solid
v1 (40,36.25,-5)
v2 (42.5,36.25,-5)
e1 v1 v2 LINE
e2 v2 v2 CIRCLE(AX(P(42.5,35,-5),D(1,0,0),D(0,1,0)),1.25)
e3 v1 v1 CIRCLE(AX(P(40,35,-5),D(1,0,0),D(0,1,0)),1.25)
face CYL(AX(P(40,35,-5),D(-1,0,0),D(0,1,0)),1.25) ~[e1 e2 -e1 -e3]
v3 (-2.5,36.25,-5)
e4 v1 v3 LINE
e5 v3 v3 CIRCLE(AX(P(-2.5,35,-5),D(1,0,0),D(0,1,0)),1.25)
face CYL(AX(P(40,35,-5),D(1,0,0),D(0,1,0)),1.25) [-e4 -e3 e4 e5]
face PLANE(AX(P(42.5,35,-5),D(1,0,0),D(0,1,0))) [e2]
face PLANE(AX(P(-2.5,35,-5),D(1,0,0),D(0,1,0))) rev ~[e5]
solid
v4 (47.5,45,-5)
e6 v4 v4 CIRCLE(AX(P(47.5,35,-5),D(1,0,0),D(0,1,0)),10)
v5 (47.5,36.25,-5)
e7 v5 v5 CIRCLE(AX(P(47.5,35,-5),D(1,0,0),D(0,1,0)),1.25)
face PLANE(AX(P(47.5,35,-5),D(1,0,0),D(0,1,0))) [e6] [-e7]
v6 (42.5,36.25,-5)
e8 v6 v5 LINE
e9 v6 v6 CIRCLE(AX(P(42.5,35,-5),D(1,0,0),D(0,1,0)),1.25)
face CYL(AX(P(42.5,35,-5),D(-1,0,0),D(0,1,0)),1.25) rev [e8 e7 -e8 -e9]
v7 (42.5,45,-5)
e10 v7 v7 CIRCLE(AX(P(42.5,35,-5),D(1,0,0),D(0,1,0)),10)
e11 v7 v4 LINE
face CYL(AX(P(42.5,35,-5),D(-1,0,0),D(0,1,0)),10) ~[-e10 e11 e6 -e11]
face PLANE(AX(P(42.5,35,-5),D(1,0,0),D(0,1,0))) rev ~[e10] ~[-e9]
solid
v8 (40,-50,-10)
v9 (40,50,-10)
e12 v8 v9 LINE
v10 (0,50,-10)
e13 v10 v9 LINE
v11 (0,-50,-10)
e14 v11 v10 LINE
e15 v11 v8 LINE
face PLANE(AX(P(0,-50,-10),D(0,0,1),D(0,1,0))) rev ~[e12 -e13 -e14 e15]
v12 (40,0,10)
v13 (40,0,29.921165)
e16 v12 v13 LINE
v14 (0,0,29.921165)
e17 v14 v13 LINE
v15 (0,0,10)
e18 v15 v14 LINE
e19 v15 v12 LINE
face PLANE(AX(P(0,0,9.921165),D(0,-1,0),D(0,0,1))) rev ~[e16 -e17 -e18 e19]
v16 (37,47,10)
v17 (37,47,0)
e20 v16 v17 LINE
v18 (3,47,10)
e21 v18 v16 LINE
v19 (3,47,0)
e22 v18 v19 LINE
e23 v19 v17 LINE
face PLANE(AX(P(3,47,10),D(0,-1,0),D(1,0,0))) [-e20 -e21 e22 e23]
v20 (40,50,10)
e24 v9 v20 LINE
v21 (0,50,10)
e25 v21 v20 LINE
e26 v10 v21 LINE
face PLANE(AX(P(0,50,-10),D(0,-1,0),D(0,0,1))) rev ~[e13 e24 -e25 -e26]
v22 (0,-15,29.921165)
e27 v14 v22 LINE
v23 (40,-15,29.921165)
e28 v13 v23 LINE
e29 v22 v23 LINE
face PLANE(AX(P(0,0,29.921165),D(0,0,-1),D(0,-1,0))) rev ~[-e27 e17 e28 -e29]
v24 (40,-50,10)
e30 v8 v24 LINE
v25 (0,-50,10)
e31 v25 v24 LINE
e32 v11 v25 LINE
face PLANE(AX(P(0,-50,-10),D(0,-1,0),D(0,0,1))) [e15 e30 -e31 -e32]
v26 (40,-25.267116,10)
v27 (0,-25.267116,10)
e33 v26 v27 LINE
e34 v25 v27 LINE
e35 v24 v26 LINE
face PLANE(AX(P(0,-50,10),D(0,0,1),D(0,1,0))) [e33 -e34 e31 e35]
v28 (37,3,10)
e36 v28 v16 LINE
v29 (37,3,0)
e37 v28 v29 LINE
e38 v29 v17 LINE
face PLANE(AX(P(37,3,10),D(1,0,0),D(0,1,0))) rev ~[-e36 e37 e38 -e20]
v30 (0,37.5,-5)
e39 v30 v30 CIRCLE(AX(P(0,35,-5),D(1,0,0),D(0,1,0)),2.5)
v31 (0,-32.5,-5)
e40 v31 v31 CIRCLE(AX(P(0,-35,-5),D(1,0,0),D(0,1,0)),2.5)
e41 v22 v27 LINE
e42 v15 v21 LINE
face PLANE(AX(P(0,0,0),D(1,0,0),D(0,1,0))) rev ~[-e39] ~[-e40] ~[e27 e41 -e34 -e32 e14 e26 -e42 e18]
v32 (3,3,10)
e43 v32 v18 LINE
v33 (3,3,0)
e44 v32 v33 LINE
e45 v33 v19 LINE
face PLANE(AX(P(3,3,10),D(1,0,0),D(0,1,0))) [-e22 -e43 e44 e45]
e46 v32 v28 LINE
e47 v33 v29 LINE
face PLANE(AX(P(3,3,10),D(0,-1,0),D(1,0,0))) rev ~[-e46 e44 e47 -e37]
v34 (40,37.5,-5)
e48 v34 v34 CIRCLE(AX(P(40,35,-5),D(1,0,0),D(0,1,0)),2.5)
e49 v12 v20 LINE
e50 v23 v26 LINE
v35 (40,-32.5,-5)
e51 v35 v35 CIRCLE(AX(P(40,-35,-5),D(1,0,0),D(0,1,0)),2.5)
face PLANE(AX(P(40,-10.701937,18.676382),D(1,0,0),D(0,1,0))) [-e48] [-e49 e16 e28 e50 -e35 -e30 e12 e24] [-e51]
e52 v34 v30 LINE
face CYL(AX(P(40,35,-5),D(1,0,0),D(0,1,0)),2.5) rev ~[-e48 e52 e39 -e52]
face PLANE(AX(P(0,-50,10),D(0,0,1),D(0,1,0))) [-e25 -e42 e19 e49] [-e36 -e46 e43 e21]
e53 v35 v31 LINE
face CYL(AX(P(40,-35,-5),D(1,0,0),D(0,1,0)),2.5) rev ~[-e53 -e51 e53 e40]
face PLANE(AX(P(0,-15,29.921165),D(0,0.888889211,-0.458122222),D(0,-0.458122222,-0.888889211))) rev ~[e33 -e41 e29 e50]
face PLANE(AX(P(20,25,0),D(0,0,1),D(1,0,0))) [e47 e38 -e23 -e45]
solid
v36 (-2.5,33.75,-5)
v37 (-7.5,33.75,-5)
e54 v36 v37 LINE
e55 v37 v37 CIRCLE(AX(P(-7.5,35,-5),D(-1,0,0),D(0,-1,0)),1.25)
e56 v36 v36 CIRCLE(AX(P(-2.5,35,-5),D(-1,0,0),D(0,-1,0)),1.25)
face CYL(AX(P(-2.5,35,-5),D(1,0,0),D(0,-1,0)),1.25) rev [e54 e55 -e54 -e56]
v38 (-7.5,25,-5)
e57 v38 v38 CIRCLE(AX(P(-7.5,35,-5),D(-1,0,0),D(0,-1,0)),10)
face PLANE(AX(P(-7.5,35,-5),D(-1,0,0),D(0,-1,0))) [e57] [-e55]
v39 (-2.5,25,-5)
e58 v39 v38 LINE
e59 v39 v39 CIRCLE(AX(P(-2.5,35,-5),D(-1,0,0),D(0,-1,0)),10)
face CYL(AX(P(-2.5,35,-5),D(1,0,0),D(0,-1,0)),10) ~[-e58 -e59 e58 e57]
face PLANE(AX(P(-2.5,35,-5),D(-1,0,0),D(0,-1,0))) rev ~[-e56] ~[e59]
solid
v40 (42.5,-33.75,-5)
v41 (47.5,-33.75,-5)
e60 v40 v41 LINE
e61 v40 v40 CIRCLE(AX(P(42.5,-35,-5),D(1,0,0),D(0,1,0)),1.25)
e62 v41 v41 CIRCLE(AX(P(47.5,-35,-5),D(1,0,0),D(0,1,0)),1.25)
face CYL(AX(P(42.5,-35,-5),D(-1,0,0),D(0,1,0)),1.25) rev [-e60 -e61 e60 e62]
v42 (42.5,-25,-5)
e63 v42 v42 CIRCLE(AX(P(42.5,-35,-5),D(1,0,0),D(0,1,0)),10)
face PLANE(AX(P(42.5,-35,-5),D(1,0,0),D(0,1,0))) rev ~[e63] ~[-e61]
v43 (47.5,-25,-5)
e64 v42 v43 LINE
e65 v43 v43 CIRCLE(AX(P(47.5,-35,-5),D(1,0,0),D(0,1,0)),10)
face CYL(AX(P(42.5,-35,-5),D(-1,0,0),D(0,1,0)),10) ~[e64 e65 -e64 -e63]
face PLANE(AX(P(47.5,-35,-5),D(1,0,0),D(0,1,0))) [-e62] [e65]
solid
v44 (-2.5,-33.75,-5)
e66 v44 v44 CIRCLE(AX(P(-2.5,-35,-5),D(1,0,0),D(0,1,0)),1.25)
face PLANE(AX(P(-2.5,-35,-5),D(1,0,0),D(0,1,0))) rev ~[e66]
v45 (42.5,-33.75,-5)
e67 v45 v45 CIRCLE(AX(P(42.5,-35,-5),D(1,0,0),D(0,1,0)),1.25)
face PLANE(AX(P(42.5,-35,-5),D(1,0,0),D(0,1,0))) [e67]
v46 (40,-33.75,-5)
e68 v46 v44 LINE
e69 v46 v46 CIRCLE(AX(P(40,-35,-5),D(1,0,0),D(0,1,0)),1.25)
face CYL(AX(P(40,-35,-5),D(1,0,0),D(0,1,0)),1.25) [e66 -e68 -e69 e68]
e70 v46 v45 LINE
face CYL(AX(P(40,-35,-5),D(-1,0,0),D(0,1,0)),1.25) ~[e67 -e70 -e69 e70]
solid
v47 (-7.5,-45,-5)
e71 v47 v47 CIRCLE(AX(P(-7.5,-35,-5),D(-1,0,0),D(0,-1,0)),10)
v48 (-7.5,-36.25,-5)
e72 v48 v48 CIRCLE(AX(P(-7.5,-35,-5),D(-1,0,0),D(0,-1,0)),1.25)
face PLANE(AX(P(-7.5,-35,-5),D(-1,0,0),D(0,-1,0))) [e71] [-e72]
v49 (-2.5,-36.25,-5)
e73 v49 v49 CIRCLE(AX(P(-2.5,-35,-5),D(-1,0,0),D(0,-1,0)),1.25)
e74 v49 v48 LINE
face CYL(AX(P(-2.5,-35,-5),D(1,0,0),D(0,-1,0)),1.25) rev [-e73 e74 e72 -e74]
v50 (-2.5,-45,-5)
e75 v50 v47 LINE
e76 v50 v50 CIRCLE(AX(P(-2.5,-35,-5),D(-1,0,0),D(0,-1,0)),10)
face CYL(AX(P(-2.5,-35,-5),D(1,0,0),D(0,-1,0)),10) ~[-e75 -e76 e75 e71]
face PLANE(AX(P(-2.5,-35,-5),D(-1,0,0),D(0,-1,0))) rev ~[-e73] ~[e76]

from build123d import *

# Parameters (mm, degrees)
F0_W      = 100
F0_H      = 20
F1_DEPTH  = 40
F2_R      = 2.5
F3_DEPTH  = 40.001
F4_R      = 2.5
F5_DEPTH  = 40.001
F7_DEPTH  = 40
F8_W      = 34
F8_H      = 44
F9_DEPTH  = 10
F10_R     = 1.25
F11_DEPTH = 42.5
F12_R     = 1.25
F13_DEPTH = 2.5
F14_R     = 1.25
F15_DEPTH = 42.5
F16_DEPTH = 2.5
F17_R     = 10
F17_R_2   = 1.25
F18_DEPTH = 5
F19_R     = 10
F19_R_2   = 1.25
F20_DEPTH = 5
F21_R     = 10
F21_R_2   = 1.25
F22_DEPTH = 5
F23_R     = 10
F23_R_2   = 1.25
F24_DEPTH = 5


with BuildPart() as f1:
    # F0 (on Right) → F1 (new body)
    with BuildSketch(Plane.YZ):
        Rectangle(F0_W, F0_H)
    extrude(amount=F1_DEPTH)

    # F2 (on face) → F3 (cut, through all)
    with BuildSketch(Plane.YZ.offset(40)):
        with Locations((35, -5)):
            Circle(F2_R)
    extrude(amount=-F3_DEPTH, mode=Mode.SUBTRACT)

    # F4 (on face) → F5 (cut, through all)
    with BuildSketch(Plane.YZ.offset(40)):
        with Locations((-35, -5)):
            Circle(F4_R)
    extrude(amount=-F5_DEPTH, mode=Mode.SUBTRACT)

    # F6 (on Right) → F7 (join)
    with BuildSketch(Plane.YZ):
        Polygon((-25.30775, 9.9211579347), (0, 9.9211651832), (0, 29.9211651832), (-15, 29.9211651832), align=None)
    extrude(amount=F7_DEPTH)

    # F8 (on face) → F9 (cut)
    with BuildSketch(Plane.XY.offset(10)):
        with Locations((20, 25)):
            Rectangle(F8_W, F8_H)
    extrude(amount=-F9_DEPTH, mode=Mode.SUBTRACT)


with BuildPart() as f11:
    # F10 (on face) → F11 (new body)
    with BuildSketch(Plane.YZ.offset(40)):
        with Locations((35, -5)):
            Circle(F10_R)
    extrude(amount=-F11_DEPTH)

    # F12 (on face) → F13 (join)
    with BuildSketch(Plane.YZ.offset(40)):
        with Locations((35, -5)):
            Circle(F12_R)
    extrude(amount=F13_DEPTH)


with BuildPart() as f15:
    # F14 (on face) → F15 (new body)
    with BuildSketch(Plane.YZ.offset(40)):
        with Locations((-35, -5)):
            Circle(F14_R)
    extrude(amount=-F15_DEPTH)

    # F16 (add): a face of the model
    f16_faces = [f15.faces().sort_by_distance(p)[0] for p in [
        (40, -35, -5),
    ]]
    extrude(f16_faces, amount=F16_DEPTH)

    # F17 (on face) → F18 (join)
    with BuildSketch(Plane.YZ.offset(42.5)):
        with Locations((-35, -5)):
            Circle(F17_R)
        with Locations((-35, -5)):
            Circle(F17_R_2, mode=Mode.SUBTRACT)
    extrude(amount=F18_DEPTH)


with BuildPart() as f20:
    # F19 (on face) → F20 (new body)
    with BuildSketch(Plane.YZ.offset(42.5)):
        with Locations((35, -5)):
            Circle(F19_R)
        with Locations((35, -5)):
            Circle(F19_R_2, mode=Mode.SUBTRACT)
    extrude(amount=F20_DEPTH)


with BuildPart() as f22:
    # F21 (on face) → F22 (new body)
    with BuildSketch(Plane(origin=(-2.5, 0, 0), x_dir=(0, -1, 0), z_dir=(-1, 0, 0))):
        with Locations((-35, -5)):
            Circle(F21_R)
        with Locations((-35, -5)):
            Circle(F21_R_2, mode=Mode.SUBTRACT)
    extrude(amount=F22_DEPTH)


with BuildPart() as f24:
    # F23 (on face) → F24 (new body)
    with BuildSketch(Plane(origin=(-2.5, 0, 0), x_dir=(0, -1, 0), z_dir=(-1, 0, 0))):
        with Locations((35, -5)):
            Circle(F23_R)
        with Locations((35, -5)):
            Circle(F23_R_2, mode=Mode.SUBTRACT)
    extrude(amount=F24_DEPTH)


solid = Compound([f1.part, f11.part, f15.part, f20.part, f22.part, f24.part])
